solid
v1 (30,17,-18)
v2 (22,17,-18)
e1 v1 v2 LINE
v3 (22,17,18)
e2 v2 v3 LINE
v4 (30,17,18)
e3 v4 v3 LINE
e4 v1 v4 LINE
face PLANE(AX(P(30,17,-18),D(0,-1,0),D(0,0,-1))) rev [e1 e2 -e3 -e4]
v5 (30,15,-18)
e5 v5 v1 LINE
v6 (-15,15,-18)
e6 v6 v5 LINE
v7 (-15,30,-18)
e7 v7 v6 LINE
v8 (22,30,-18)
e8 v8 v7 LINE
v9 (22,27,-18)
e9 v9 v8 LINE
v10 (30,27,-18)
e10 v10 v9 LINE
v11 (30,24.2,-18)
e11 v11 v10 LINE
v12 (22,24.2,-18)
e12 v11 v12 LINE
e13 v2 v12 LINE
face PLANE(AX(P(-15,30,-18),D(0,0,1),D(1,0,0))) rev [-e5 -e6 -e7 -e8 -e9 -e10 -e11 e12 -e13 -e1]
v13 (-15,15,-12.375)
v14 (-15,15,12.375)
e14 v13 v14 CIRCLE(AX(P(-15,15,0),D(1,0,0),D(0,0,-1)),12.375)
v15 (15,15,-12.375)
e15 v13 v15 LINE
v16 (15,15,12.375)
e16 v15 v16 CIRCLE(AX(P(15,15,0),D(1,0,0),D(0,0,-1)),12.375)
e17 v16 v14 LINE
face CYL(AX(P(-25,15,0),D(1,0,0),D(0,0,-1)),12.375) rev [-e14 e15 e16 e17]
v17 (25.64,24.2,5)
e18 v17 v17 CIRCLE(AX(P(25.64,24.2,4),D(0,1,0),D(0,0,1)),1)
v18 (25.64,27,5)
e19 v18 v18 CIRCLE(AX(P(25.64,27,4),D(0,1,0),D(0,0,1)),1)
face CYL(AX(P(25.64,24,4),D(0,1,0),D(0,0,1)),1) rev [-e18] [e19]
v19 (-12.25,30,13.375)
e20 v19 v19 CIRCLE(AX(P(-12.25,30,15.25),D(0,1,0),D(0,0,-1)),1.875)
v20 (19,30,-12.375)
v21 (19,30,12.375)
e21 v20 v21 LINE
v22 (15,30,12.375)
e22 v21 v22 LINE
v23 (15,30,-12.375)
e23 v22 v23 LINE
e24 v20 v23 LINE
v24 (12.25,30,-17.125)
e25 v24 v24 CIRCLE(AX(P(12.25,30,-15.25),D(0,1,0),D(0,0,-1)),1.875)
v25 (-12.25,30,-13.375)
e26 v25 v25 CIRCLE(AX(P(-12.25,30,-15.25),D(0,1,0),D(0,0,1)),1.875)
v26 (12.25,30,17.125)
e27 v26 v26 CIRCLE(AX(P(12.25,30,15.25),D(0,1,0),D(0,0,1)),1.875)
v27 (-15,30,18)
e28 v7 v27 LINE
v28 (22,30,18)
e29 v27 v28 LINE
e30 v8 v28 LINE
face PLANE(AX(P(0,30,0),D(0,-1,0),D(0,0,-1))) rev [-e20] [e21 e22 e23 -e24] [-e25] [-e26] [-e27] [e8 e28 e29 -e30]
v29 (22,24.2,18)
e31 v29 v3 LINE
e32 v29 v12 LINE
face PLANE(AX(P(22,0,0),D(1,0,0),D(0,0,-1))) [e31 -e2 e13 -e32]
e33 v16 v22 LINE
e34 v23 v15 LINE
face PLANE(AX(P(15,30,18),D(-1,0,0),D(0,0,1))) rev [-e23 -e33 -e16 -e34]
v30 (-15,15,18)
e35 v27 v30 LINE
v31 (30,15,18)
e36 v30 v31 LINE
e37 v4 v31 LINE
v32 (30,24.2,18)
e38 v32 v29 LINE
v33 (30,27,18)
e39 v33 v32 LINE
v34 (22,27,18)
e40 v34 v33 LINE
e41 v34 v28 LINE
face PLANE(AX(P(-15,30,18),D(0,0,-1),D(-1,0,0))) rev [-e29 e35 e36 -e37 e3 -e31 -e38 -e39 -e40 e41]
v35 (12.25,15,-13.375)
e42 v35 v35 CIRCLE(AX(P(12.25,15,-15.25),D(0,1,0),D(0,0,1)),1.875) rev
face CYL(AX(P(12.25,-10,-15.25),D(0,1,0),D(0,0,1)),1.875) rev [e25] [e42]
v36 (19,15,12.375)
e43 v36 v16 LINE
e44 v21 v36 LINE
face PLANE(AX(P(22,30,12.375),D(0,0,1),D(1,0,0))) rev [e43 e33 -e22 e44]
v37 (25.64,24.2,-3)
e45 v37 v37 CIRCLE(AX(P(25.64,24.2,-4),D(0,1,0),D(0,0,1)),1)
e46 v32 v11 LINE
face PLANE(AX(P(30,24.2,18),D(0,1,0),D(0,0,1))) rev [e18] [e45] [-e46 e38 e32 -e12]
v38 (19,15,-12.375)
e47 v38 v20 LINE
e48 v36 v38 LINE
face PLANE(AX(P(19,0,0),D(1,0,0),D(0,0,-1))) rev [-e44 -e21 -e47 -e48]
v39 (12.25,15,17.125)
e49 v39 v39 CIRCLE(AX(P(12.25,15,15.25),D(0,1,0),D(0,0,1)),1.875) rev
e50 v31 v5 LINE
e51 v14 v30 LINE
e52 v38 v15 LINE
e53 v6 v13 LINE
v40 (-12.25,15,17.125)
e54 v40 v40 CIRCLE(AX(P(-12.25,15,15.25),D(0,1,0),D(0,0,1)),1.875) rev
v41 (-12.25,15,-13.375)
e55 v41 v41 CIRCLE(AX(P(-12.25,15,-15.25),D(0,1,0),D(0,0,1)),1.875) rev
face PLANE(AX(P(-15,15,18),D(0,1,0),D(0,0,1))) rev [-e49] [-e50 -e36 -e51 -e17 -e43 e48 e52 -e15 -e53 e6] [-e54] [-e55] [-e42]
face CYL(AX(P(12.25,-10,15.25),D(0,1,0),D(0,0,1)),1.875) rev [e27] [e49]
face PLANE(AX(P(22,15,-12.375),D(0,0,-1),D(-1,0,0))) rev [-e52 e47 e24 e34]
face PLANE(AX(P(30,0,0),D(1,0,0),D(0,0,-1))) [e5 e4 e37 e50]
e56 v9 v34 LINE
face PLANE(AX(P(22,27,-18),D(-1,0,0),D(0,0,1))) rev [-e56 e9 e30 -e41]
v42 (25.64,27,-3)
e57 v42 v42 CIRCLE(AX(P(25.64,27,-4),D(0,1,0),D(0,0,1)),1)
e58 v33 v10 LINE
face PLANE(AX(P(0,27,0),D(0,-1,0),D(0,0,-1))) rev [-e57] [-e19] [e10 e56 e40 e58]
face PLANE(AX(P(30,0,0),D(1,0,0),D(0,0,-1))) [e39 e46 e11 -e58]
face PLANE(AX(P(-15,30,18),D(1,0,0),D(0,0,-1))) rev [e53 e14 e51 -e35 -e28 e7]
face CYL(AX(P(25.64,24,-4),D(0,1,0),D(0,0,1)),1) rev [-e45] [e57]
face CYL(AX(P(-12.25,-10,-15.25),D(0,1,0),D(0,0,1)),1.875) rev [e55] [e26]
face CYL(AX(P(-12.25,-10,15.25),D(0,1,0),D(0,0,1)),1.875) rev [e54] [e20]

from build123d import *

# Parameters (mm, degrees)
SKETCH1_W           = 30
SKETCH1_H           = 36
BOSS_EXTRUDE1_DEPTH = 30
SKETCH3_R           = 12.375
CUT_EXTRUDE1_DEPTH  = 40
SKETCH5_R           = 1.875
CUT_EXTRUDE2_DEPTH  = 40
CUT_EXTRUDE3_START  = 15
SKETCH7_W           = 36
SKETCH7_H           = 15
CUT_EXTRUDE3_DEPTH  = 31
SKETCH8_W           = 5.625
SKETCH8_H           = 15
BOSS_EXTRUDE2_DEPTH = 7
SKETCH10_W          = 24.75
SKETCH10_H          = 15
BOSS_EXTRUDE3_DEPTH = 3
SKETCH11_W          = 36
SKETCH11_H          = 5.8
SKETCH11_H_2        = 2
BOSS_EXTRUDE4_DEPTH = 8
SKETCH12_W          = 8
SKETCH12_H          = 36
CUT_EXTRUDE4_DEPTH  = 3
SKETCH13_R          = 1
CUT_EXTRUDE5_DEPTH  = 3


with BuildPart() as part:
    # Sketch1 → Boss-Extrude1 (new body)
    with BuildSketch(Plane(origin=(0, 0, 0), x_dir=(1, 0, 0), z_dir=(0, 1, 0))):
        Rectangle(SKETCH1_W, SKETCH1_H)
    extrude(amount=BOSS_EXTRUDE1_DEPTH)

    # Sketch3 → Cut-Extrude1 (cut)
    with BuildSketch(Plane(origin=(15, 0, 0), x_dir=(0, 0, -1), z_dir=(1, 0, 0))):
        with Locations((0, 15)):
            Circle(SKETCH3_R)
    extrude(amount=-CUT_EXTRUDE1_DEPTH, mode=Mode.SUBTRACT)

    # Sketch5 → Cut-Extrude2 (cut)
    with BuildSketch(Plane(origin=(0, 30, 0), x_dir=(1, 0, 0), z_dir=(0, 1, 0))):
        with Locations((-12.25, 15.25)):
            Circle(SKETCH5_R)
        with Locations((-12.25, -15.25)):
            Circle(SKETCH5_R)
        with Locations((12.25, -15.25)):
            Circle(SKETCH5_R)
        with Locations((12.25, 15.25)):
            Circle(SKETCH5_R)
    extrude(amount=-CUT_EXTRUDE2_DEPTH, mode=Mode.SUBTRACT)

    # Sketch7 → Cut-Extrude3 (cut, through all)
    with BuildSketch(Plane(origin=(0, 0, 0), x_dir=(0, 0, -1), z_dir=(1, 0, 0)).offset(CUT_EXTRUDE3_START)):
        with Locations((0, 7.5)):
            Rectangle(SKETCH7_W, SKETCH7_H)
    extrude(amount=-CUT_EXTRUDE3_DEPTH, mode=Mode.SUBTRACT)

    # Sketch8 → Boss-Extrude2 (add)
    with BuildSketch(Plane(origin=(15, 0, 0), x_dir=(0, 0, -1), z_dir=(1, 0, 0))):
        with Locations((-15.1875, 22.5)):
            Rectangle(SKETCH8_W, SKETCH8_H)
        with Locations((15.1875, 22.5)):
            Rectangle(SKETCH8_W, SKETCH8_H)
    extrude(amount=BOSS_EXTRUDE2_DEPTH)

    # Sketch10 → Boss-Extrude3 (add)
    with BuildSketch(Plane(origin=(22, 0, 0), x_dir=(0, 0, -1), z_dir=(1, 0, 0))):
        with Locations((0, 22.5)):
            Rectangle(SKETCH10_W, SKETCH10_H)
    extrude(amount=-BOSS_EXTRUDE3_DEPTH)

    # Sketch11 → Boss-Extrude4 (add)
    with BuildSketch(Plane(origin=(22, 0, 0), x_dir=(0, 0, -1), z_dir=(1, 0, 0))):
        with Locations((0, 27.1)):
            Rectangle(SKETCH11_W, SKETCH11_H)
        with Locations((0, 16)):
            Rectangle(SKETCH11_W, SKETCH11_H_2)
    extrude(amount=BOSS_EXTRUDE4_DEPTH)

    # Sketch12 → Cut-Extrude4 (cut)
    with BuildSketch(Plane(origin=(0, 30, 0), x_dir=(1, 0, 0), z_dir=(0, 1, 0))):
        with Locations((26, 0)):
            Rectangle(SKETCH12_W, SKETCH12_H)
    extrude(amount=-CUT_EXTRUDE4_DEPTH, mode=Mode.SUBTRACT)

    # Sketch13 → Cut-Extrude5 (cut)
    with BuildSketch(Plane(origin=(0, 27, 0), x_dir=(1, 0, 0), z_dir=(0, 1, 0))):
        with Locations((25.64, 4)):
            Circle(SKETCH13_R)
        with Locations((25.64, -4)):
            Circle(SKETCH13_R)
    extrude(amount=-CUT_EXTRUDE5_DEPTH, mode=Mode.SUBTRACT)


solid = part.part
